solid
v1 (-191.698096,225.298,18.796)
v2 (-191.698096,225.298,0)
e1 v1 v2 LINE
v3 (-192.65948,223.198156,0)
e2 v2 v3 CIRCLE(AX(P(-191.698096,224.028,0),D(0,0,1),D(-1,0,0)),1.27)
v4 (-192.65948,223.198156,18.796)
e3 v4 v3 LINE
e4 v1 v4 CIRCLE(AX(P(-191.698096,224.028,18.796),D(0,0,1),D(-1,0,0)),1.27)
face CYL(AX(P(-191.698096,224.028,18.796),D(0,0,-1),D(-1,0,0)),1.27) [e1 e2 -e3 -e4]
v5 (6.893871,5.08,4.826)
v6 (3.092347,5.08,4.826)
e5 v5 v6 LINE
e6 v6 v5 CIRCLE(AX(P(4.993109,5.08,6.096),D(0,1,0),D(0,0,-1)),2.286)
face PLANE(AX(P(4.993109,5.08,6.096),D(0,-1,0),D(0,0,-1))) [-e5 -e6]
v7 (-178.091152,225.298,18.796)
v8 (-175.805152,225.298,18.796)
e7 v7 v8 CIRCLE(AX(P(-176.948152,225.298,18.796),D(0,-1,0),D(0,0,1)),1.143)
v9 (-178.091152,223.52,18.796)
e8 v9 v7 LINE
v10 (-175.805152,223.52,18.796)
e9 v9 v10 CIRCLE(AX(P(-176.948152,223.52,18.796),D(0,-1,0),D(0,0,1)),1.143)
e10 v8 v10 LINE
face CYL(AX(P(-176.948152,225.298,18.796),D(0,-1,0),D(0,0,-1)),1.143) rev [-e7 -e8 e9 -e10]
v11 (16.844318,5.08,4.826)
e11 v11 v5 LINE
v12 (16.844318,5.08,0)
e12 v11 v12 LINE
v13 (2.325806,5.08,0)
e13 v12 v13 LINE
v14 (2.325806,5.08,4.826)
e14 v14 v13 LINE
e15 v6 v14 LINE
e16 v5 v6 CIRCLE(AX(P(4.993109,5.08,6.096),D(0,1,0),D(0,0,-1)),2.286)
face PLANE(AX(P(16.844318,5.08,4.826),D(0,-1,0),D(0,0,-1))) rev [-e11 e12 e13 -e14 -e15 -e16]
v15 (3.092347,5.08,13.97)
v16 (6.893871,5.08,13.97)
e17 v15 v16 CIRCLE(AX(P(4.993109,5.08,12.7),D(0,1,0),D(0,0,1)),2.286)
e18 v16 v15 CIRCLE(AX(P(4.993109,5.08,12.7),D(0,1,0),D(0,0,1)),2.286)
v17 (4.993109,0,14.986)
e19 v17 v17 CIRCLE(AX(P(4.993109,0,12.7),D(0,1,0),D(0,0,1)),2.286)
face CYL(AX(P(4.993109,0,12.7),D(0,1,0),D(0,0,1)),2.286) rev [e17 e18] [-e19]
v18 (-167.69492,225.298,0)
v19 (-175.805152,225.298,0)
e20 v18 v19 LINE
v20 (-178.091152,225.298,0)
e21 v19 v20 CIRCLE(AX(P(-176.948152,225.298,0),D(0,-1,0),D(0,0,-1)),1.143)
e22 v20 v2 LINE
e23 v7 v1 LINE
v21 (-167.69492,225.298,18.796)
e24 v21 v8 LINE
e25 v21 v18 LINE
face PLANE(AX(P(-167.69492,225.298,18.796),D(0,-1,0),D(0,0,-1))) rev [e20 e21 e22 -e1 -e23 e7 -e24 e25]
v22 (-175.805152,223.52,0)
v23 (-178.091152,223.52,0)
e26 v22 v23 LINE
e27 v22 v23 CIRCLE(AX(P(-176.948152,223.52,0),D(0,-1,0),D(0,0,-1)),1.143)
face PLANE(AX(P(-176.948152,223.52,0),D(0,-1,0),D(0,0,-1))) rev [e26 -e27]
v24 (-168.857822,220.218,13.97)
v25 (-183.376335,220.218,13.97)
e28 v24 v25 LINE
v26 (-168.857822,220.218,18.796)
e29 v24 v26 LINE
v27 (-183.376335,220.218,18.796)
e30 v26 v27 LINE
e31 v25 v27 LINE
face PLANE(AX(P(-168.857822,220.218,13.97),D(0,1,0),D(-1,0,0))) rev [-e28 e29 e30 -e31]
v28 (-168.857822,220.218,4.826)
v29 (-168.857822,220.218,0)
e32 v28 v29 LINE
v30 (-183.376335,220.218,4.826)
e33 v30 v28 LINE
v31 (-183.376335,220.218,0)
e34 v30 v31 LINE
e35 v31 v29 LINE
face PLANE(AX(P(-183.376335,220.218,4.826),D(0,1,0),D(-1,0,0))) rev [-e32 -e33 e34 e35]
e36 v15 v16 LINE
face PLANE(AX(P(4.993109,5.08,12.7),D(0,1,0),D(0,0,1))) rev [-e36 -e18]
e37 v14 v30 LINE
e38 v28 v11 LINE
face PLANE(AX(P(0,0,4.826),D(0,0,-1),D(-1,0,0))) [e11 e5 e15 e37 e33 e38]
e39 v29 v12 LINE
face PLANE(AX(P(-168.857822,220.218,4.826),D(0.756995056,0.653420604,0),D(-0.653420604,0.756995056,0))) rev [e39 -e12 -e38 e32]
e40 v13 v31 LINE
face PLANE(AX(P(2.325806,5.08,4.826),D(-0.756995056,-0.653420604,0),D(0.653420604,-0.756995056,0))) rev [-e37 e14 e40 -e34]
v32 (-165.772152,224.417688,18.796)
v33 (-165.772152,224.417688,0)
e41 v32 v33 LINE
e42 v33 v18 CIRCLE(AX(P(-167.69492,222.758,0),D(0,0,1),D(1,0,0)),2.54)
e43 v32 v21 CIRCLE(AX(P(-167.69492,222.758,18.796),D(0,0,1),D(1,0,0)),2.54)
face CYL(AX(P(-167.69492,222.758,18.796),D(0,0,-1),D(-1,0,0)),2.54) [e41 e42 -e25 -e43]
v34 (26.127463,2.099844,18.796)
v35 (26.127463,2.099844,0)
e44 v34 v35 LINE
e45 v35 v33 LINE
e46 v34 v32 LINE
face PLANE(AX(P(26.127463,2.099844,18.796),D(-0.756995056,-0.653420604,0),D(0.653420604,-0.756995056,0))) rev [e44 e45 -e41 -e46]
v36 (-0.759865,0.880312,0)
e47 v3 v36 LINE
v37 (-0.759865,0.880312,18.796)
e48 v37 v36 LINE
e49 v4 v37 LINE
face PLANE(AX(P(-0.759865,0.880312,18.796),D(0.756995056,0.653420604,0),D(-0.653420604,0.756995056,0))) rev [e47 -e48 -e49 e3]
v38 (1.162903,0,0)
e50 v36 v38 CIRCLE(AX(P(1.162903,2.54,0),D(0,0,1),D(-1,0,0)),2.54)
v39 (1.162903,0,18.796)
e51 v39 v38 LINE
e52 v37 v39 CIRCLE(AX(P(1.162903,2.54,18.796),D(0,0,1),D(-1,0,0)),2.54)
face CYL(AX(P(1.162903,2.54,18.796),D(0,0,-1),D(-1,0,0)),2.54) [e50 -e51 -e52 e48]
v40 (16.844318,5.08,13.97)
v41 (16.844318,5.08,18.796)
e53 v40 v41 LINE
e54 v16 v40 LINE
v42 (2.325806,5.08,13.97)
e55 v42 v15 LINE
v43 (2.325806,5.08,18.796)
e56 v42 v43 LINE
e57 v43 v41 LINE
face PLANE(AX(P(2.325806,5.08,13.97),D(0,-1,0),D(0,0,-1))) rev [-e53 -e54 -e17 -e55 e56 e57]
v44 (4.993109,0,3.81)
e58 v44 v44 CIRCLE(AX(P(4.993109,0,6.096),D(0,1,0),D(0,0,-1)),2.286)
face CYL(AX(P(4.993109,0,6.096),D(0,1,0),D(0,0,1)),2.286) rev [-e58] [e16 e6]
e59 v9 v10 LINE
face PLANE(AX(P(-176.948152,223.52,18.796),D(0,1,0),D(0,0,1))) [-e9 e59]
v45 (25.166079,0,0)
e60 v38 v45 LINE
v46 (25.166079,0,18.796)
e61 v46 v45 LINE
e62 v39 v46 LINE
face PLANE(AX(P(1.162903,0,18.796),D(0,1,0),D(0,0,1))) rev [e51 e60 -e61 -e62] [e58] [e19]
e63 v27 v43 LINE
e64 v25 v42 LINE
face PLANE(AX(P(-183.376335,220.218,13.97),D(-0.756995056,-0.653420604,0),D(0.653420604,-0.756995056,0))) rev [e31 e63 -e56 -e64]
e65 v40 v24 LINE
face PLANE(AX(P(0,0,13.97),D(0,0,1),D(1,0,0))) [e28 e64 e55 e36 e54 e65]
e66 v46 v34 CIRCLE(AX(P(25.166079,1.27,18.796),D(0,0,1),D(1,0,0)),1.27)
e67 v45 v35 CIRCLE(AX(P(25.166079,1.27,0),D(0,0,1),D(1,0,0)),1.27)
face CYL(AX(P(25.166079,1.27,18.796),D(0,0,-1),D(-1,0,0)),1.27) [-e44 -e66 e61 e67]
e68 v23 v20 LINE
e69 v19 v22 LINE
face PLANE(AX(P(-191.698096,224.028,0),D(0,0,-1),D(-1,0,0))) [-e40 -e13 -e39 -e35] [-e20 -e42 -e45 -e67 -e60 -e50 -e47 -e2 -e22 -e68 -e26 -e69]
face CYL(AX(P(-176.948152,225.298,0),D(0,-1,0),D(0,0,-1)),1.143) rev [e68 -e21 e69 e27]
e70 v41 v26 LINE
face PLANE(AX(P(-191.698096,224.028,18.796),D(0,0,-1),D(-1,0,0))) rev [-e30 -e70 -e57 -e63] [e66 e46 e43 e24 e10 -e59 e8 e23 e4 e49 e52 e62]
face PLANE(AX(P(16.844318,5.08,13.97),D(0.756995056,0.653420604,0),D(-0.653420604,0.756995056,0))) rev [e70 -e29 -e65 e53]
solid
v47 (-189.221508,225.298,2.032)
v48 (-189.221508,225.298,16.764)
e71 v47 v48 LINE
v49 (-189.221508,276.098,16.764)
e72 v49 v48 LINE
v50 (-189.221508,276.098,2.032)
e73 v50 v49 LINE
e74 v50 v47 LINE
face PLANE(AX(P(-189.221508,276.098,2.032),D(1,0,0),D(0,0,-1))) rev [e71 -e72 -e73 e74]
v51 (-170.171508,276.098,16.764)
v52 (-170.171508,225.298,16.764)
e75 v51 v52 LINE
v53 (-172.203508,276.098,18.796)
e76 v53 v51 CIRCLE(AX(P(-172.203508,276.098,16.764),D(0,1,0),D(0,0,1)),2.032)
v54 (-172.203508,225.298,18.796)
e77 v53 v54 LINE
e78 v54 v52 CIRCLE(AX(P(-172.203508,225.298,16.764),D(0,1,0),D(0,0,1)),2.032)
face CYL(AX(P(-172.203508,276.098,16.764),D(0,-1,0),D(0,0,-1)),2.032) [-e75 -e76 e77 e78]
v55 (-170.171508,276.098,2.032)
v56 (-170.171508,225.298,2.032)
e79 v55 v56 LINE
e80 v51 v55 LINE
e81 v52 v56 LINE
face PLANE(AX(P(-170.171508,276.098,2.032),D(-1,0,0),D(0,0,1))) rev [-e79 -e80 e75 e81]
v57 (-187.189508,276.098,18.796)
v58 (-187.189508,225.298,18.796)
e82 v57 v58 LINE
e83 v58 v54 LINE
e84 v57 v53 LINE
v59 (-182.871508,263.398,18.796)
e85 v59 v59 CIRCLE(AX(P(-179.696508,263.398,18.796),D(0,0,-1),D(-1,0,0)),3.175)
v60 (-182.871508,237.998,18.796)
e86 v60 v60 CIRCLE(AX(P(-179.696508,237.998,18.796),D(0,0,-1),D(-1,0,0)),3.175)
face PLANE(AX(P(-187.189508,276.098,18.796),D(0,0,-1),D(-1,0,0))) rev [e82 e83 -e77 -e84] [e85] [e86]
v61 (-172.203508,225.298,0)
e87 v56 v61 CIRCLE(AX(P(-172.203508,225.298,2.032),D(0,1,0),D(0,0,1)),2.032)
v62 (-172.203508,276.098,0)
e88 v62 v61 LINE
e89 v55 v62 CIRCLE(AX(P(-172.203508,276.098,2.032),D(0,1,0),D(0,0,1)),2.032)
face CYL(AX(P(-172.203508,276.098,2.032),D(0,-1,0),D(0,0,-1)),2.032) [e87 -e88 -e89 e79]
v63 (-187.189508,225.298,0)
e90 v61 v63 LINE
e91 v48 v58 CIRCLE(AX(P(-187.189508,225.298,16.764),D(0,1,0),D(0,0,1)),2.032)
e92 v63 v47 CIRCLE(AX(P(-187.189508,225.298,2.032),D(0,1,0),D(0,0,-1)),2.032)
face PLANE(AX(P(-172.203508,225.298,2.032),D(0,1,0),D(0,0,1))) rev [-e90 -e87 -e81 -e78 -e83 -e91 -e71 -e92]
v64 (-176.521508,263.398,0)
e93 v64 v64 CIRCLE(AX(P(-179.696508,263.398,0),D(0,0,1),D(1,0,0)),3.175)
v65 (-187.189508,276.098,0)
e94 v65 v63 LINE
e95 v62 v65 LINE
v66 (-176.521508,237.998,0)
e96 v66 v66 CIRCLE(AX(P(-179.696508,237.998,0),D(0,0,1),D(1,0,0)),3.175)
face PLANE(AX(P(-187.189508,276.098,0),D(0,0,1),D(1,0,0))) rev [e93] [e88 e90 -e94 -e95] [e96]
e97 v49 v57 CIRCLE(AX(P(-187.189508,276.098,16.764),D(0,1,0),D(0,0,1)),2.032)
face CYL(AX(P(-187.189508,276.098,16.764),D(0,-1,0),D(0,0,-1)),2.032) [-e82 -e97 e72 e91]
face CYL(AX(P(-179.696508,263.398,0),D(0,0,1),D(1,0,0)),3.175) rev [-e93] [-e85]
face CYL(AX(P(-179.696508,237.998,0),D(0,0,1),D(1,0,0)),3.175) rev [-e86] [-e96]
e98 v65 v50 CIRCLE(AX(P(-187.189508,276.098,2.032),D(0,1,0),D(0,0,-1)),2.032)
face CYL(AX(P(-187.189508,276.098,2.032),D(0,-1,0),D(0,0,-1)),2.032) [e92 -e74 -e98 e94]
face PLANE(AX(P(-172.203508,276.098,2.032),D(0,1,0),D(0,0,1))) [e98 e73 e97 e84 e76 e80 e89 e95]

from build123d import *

# Parameters (mm, degrees)
BOSS_EXTRUDE1_DEPTH     = 18.796
CUT_EXTRUDE1_DEPTH      = 4.826
CUT_EXTRUDE2_DEPTH      = 4.826
SKETCH5_R               = 1.143
CUT_EXTRUDE3_DEPTH      = 296.890463183
SKETCH6_R               = 2.286
CUT_EXTRUDE4_DEPTH      = 294.404061537
BOSS_EXTRUDE2_DEPTH     = 50.8
CUT_EXTRUDE5_DEPTH      = 338.372318672
CUT_EXTRUDE5_DEPTH_BACK = 338.372318672
SKETCH10_R              = 3.175


with BuildPart() as part:
    # Sketch1 → Boss-Extrude1 (new body)
    with BuildSketch(Plane.XY):
        with BuildLine():
            Line((-0.759864647, 0.880311666), (-192.659480012, 223.198155833))
            ThreePointArc((-192.659480012, 223.198155833), (-192.85282615, 224.556676606), (-191.698096292, 225.298))
            Line((-191.698096292, 225.298), (-167.694919671, 225.298))
            ThreePointArc((-167.694919671, 225.298), (-166.637566458, 225.067459717), (-165.772152229, 224.417688334))
            Line((-165.772152229, 224.417688334), (26.127463136, 2.099844167))
            ThreePointArc((26.127463136, 2.099844167), (26.320809274, 0.741323394), (25.166079416, 0))
            Line((25.166079416, 0), (1.162902795, 0))
            ThreePointArc((1.162902795, 0), (0.105549582, 0.230540283), (-0.759864647, 0.880311666))
        make_face()
    extrude(amount=BOSS_EXTRUDE1_DEPTH)

    # Sketch3 → Cut-Extrude1 (cut)
    with BuildSketch(Plane.XY.offset(18.796)):
        Polygon((-183.376334539, 220.218), (2.32580559, 5.08), (16.844317663, 5.08), (-168.857822466, 220.218), align=None)
    extrude(amount=-CUT_EXTRUDE1_DEPTH, mode=Mode.SUBTRACT)

    # Sketch4 → Cut-Extrude2 (cut)
    with BuildSketch(Plane(origin=(0, 0, 0), x_dir=(-1, 0, 0), z_dir=(0, 0, -1))):
        Polygon((183.376334539, 220.218), (168.857822466, 220.218), (-16.844317663, 5.08), (-2.32580559, 5.08), align=None)
    extrude(amount=-CUT_EXTRUDE2_DEPTH, mode=Mode.SUBTRACT)

    # Sketch5 → Cut-Extrude3 (cut, through all)
    with BuildSketch(Plane.XZ.offset(-223.52)):
        with Locations((-176.948152229, 0)):
            Circle(SKETCH5_R)
        with Locations((-176.948152229, 18.796)):
            Circle(SKETCH5_R)
    extrude(amount=-CUT_EXTRUDE3_DEPTH, mode=Mode.SUBTRACT)

    # Sketch6 → Cut-Extrude4 (cut, through all)
    with BuildSketch(Plane(origin=(0, 5.08, 0), x_dir=(1, 0, 0), z_dir=(0, 1, 0))):
        with Locations(Location((4.993109193, -12.7, 0), (0, 0, 270))):
            Circle(SKETCH6_R)
        with Locations(Location((4.993109193, -6.096, 0), (0, 0, 33.748988596))):
            Circle(SKETCH6_R)
    extrude(amount=-CUT_EXTRUDE4_DEPTH, mode=Mode.SUBTRACT)


with BuildPart() as body_2:
    # Sketch9 → Boss-Extrude2 (new body)
    with BuildSketch(Plane(origin=(0, 225.298, 0), x_dir=(1, 0, 0), z_dir=(0, 1, 0))):
        with BuildLine():
            Line((-187.189507981, 0), (-172.203507981, 0))
            ThreePointArc((-172.203507981, 0), (-170.766667002, -0.595159021), (-170.171507981, -2.032))
            Line((-170.171507981, -2.032), (-170.171507981, -16.764))
            ThreePointArc((-170.171507981, -16.764), (-170.766667002, -18.200840979), (-172.203507981, -18.796))
            Line((-172.203507981, -18.796), (-187.189507981, -18.796))
            ThreePointArc((-187.189507981, -18.796), (-188.626348961, -18.200840979), (-189.221507981, -16.764))
            Line((-189.221507981, -16.764), (-189.221507981, -2.032))
            ThreePointArc((-189.221507981, -2.032), (-188.626348961, -0.595159021), (-187.189507981, 0))
        make_face()
    extrude(amount=BOSS_EXTRUDE2_DEPTH)

    # Sketch10 → Cut-Extrude5 (cut, two sides: drawn at the far end of the back side and taken through both)
    with BuildSketch(Plane.XY.offset(18.796).offset(-CUT_EXTRUDE5_DEPTH_BACK)):
        with Locations((-179.696507981, 237.998)):
            Circle(SKETCH10_R)
        with Locations((-179.696507981, 263.398)):
            Circle(SKETCH10_R)
    extrude(amount=CUT_EXTRUDE5_DEPTH + CUT_EXTRUDE5_DEPTH_BACK, mode=Mode.SUBTRACT)


solid = Compound([part.part, body_2.part])
